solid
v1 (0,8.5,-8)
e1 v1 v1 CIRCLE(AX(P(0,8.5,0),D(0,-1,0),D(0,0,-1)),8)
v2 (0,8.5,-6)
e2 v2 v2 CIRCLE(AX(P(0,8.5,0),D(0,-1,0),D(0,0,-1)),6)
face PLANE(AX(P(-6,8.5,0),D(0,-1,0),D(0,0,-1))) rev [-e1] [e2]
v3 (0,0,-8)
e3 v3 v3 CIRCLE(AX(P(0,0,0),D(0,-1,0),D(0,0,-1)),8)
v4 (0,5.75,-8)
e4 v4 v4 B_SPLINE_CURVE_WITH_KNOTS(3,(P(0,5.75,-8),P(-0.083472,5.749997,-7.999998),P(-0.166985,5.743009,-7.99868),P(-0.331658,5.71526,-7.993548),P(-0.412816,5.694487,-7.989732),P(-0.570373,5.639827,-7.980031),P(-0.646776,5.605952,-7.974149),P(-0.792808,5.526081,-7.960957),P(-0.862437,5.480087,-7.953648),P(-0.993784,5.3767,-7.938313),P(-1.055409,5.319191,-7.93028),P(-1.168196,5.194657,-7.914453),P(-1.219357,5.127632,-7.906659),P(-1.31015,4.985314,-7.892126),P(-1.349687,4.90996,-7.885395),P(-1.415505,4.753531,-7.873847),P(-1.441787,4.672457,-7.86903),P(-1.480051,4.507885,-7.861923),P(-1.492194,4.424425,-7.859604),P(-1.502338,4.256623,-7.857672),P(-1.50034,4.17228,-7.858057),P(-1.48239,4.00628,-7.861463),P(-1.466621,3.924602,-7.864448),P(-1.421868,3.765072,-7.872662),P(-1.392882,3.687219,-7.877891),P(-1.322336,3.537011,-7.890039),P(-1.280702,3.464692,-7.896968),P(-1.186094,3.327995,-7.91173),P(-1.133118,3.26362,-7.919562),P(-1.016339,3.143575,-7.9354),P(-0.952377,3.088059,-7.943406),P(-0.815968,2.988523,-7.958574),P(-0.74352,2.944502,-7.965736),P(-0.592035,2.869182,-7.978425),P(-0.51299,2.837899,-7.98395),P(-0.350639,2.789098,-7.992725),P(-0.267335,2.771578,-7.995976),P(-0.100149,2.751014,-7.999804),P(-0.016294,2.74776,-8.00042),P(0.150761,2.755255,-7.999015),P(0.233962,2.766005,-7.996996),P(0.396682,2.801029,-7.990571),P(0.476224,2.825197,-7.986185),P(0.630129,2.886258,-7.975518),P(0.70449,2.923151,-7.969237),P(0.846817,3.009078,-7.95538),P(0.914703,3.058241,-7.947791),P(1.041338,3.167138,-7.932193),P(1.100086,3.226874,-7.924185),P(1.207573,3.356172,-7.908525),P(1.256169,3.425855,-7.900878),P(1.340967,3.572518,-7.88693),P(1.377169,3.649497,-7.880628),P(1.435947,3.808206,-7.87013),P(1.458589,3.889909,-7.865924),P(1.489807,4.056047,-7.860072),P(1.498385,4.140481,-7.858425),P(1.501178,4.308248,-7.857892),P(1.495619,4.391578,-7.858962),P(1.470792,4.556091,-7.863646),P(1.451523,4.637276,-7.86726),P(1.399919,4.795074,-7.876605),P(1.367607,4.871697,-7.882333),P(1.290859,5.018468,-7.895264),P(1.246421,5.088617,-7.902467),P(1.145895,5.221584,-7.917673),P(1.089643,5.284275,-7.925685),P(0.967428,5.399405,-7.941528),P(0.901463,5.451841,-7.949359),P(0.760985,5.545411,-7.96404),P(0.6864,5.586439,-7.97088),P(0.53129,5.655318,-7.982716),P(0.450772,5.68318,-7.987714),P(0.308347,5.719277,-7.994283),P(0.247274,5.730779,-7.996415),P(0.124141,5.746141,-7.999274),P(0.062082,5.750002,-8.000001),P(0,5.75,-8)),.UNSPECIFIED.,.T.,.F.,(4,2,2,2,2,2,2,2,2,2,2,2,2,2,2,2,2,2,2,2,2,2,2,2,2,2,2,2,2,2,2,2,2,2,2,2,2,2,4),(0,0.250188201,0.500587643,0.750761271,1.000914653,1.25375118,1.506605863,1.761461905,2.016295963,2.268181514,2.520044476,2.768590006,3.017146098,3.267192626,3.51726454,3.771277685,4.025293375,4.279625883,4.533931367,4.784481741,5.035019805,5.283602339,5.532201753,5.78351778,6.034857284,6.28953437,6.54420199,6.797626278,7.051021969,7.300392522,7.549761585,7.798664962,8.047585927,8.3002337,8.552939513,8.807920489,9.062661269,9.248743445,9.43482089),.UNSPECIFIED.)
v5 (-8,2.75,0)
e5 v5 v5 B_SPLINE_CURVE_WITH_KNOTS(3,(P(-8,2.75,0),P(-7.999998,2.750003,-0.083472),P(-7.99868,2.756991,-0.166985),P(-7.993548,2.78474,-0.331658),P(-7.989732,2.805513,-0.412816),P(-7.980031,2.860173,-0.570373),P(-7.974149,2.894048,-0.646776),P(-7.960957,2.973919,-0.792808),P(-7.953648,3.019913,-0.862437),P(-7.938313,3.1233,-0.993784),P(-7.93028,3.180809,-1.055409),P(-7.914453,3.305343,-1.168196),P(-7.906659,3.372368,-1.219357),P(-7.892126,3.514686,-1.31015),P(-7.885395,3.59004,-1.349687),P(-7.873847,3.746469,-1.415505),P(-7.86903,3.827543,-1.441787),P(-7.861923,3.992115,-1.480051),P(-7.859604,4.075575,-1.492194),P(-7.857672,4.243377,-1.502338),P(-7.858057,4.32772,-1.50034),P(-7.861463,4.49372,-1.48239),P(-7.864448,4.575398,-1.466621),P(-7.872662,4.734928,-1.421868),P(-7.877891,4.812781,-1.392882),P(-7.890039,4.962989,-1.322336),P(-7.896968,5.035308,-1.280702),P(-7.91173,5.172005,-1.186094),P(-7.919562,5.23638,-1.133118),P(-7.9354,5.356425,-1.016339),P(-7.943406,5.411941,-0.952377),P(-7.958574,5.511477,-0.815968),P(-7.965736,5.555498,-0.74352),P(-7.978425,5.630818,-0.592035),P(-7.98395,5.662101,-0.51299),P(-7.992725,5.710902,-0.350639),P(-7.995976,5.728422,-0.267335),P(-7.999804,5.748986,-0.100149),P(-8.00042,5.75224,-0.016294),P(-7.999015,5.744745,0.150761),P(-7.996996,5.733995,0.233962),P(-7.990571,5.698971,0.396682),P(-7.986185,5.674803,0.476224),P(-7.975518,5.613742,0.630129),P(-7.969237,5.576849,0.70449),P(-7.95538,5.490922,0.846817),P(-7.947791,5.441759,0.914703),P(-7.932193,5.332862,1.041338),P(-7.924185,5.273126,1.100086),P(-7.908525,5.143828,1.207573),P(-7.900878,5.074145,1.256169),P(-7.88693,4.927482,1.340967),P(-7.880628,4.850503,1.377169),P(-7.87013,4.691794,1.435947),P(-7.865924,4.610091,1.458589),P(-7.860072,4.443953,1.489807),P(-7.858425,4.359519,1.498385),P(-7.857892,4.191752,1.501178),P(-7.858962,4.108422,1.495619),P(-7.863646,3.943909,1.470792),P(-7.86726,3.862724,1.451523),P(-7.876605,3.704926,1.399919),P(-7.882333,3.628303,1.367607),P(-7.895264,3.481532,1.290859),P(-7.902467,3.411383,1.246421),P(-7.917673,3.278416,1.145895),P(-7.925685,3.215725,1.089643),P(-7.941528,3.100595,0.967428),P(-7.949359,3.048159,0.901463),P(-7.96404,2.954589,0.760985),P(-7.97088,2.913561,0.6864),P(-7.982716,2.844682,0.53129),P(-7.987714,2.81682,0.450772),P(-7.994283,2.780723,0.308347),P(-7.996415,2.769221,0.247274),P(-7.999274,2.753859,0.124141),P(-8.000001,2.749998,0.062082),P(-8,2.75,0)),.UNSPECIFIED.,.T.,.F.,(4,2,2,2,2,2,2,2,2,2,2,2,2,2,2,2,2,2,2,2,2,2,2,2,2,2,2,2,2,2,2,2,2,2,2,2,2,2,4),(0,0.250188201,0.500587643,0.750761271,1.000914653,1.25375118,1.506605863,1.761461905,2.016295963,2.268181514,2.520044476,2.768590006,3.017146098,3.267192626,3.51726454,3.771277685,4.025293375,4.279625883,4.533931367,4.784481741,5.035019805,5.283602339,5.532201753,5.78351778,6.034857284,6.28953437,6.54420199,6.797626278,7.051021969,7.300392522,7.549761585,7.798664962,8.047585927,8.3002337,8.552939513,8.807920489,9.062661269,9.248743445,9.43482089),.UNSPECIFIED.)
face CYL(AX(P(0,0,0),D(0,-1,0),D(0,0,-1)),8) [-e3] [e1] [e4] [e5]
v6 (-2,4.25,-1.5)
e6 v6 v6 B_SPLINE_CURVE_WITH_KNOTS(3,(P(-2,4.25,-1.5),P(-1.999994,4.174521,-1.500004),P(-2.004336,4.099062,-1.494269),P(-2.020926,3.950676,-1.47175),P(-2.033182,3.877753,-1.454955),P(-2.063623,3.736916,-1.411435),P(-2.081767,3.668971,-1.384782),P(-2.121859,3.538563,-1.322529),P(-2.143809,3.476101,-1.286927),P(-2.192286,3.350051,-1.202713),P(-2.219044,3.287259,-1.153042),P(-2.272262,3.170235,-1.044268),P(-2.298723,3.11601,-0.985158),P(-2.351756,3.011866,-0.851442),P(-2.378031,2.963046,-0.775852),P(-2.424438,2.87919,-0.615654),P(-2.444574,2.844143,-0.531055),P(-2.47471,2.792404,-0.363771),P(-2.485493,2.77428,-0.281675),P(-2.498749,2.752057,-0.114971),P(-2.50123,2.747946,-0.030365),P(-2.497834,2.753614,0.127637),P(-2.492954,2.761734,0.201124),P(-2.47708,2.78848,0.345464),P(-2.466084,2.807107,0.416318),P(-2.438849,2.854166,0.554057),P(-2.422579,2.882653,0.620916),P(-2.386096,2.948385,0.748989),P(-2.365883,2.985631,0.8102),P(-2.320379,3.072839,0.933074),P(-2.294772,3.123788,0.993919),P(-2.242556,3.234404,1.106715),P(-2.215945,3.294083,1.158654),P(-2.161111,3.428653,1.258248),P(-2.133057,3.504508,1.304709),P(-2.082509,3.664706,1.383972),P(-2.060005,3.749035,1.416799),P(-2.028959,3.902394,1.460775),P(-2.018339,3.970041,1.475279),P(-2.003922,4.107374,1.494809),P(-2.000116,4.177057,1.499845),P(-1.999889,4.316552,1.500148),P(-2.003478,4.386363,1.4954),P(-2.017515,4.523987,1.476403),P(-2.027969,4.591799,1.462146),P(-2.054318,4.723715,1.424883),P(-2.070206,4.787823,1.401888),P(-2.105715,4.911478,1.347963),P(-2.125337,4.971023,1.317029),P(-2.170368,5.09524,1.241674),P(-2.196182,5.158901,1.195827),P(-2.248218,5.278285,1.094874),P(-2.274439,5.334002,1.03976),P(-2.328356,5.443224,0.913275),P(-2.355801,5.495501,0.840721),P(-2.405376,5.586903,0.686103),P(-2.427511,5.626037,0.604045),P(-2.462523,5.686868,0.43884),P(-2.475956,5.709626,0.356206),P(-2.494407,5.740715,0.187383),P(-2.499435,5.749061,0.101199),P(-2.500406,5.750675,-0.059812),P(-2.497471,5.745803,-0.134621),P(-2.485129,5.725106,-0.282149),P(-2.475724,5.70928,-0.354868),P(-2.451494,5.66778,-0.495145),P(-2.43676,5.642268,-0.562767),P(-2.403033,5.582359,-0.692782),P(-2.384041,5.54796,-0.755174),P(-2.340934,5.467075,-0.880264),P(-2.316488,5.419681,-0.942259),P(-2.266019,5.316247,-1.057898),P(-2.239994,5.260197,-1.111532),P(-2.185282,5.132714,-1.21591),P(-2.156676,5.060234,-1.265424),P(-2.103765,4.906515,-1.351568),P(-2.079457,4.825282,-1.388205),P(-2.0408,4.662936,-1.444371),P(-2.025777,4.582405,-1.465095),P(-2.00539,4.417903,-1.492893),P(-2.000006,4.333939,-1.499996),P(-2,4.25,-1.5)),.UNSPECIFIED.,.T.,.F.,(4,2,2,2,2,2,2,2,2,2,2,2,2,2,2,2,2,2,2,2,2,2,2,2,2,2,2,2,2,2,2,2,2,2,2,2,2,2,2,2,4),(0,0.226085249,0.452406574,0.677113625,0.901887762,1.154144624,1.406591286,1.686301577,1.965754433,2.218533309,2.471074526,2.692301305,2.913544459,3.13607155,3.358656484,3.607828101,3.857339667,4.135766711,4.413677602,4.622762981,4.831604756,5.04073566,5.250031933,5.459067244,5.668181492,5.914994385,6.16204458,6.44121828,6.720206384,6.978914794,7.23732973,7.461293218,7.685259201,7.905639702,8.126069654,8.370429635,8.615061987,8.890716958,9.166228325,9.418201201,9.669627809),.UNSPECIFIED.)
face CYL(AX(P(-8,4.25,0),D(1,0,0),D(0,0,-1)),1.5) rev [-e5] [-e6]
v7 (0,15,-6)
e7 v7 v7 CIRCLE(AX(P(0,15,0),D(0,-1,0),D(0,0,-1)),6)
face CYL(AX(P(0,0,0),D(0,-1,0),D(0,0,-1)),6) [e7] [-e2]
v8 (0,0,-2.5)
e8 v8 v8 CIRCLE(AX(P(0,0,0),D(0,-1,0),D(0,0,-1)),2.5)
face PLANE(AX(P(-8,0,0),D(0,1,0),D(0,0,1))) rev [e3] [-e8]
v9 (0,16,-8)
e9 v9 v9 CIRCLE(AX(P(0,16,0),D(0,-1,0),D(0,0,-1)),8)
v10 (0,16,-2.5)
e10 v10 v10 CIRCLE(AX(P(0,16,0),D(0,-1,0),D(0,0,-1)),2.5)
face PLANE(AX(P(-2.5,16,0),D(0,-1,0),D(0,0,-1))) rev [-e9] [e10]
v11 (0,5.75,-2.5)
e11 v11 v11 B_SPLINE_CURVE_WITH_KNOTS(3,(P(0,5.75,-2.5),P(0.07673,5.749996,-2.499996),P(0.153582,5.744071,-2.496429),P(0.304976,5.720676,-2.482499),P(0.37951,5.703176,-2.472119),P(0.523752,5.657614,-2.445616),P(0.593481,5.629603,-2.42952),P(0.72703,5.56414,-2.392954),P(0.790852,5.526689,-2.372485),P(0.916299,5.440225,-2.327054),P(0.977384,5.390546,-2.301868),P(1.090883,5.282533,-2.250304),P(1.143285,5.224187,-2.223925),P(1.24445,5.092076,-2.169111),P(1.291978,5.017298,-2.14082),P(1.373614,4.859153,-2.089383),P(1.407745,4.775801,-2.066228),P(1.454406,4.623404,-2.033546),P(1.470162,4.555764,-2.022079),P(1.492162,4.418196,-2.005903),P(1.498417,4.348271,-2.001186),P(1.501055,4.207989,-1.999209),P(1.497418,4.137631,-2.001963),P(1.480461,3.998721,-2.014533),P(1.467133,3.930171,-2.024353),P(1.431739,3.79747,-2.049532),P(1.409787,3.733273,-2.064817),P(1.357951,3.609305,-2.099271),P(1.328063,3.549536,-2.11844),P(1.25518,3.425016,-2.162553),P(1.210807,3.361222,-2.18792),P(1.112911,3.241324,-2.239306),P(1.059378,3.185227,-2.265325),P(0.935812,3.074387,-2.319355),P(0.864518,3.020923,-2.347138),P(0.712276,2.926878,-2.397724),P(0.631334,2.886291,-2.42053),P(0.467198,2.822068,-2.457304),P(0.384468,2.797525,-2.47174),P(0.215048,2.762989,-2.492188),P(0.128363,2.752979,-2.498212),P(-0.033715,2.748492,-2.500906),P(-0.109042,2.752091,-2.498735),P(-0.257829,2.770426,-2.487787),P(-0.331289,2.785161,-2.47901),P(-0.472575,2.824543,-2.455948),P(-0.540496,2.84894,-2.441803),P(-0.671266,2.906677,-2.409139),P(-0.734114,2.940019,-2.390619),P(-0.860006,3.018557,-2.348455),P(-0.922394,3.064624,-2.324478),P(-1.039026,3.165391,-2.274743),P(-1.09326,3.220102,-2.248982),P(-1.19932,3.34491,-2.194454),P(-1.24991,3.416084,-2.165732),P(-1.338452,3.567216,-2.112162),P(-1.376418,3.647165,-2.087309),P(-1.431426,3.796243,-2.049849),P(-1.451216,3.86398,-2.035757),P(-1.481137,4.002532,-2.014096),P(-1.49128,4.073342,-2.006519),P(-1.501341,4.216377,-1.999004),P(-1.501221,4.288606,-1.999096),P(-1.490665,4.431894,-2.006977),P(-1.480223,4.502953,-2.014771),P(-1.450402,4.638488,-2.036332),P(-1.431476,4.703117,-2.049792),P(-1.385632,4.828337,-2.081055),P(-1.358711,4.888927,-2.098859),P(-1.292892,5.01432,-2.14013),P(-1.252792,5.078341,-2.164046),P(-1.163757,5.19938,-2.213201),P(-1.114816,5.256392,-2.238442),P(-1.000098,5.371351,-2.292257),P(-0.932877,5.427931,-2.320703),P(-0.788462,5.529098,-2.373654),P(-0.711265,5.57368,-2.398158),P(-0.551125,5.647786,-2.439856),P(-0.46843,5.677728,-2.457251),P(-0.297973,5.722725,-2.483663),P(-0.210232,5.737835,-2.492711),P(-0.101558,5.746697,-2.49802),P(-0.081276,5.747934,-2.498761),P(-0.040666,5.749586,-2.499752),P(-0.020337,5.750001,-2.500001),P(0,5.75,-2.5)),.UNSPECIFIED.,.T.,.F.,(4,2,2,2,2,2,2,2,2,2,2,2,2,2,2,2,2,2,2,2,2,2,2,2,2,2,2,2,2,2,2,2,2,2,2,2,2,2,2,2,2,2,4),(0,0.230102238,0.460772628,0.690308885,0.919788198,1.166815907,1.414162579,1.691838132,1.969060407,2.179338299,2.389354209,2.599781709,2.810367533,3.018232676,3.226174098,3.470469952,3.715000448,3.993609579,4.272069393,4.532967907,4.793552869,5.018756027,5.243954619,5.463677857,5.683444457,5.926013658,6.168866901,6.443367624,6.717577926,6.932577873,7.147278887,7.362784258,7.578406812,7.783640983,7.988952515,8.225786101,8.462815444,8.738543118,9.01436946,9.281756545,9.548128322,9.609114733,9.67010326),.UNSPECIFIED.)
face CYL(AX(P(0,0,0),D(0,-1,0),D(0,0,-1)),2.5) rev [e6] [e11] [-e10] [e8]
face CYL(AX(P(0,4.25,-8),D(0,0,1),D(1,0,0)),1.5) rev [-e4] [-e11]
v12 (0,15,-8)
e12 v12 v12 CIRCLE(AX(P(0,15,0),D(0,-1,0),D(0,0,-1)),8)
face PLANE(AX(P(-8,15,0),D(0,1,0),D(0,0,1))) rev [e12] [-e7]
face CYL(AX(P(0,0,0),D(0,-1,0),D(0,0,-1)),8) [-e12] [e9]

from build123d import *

# Parameters (mm, degrees)
ESQUISSE2_R             = 1.5
ENL_V_MAT_EXTRU_1_DEPTH = 9
ESQUISSE3_R             = 1.5
ENL_V_MAT_EXTRU_2_DEPTH = 9.0000001


with BuildPart() as part:
    # Esquisse1 → Révolution1 (revolve)
    with BuildSketch(Plane.XY):
        Polygon((-2.5, 0), (-2.5, 16), (-8, 16), (-8, 15), (-6, 15), (-6, 8.5), (-8, 8.5), (-8, 0), align=None)
    revolve(axis=Axis((0, 0, 0), (0, 1, 0)))

    # Esquisse2 → Enlèv. mat.-Extru.1 (cut, through all)
    with BuildSketch(Plane(origin=(0, 0, 0), x_dir=(0, 0, -1), z_dir=(1, 0, 0))):
        with Locations((0, 4.25)):
            Circle(ESQUISSE2_R)
    extrude(amount=-ENL_V_MAT_EXTRU_1_DEPTH, mode=Mode.SUBTRACT)

    # Esquisse3 → Enlèv. mat.-Extru.2 (cut, through all)
    with BuildSketch(Plane.XY):
        with Locations((0, 4.25)):
            Circle(ESQUISSE3_R)
    extrude(amount=-ENL_V_MAT_EXTRU_2_DEPTH, mode=Mode.SUBTRACT)


solid = part.part
